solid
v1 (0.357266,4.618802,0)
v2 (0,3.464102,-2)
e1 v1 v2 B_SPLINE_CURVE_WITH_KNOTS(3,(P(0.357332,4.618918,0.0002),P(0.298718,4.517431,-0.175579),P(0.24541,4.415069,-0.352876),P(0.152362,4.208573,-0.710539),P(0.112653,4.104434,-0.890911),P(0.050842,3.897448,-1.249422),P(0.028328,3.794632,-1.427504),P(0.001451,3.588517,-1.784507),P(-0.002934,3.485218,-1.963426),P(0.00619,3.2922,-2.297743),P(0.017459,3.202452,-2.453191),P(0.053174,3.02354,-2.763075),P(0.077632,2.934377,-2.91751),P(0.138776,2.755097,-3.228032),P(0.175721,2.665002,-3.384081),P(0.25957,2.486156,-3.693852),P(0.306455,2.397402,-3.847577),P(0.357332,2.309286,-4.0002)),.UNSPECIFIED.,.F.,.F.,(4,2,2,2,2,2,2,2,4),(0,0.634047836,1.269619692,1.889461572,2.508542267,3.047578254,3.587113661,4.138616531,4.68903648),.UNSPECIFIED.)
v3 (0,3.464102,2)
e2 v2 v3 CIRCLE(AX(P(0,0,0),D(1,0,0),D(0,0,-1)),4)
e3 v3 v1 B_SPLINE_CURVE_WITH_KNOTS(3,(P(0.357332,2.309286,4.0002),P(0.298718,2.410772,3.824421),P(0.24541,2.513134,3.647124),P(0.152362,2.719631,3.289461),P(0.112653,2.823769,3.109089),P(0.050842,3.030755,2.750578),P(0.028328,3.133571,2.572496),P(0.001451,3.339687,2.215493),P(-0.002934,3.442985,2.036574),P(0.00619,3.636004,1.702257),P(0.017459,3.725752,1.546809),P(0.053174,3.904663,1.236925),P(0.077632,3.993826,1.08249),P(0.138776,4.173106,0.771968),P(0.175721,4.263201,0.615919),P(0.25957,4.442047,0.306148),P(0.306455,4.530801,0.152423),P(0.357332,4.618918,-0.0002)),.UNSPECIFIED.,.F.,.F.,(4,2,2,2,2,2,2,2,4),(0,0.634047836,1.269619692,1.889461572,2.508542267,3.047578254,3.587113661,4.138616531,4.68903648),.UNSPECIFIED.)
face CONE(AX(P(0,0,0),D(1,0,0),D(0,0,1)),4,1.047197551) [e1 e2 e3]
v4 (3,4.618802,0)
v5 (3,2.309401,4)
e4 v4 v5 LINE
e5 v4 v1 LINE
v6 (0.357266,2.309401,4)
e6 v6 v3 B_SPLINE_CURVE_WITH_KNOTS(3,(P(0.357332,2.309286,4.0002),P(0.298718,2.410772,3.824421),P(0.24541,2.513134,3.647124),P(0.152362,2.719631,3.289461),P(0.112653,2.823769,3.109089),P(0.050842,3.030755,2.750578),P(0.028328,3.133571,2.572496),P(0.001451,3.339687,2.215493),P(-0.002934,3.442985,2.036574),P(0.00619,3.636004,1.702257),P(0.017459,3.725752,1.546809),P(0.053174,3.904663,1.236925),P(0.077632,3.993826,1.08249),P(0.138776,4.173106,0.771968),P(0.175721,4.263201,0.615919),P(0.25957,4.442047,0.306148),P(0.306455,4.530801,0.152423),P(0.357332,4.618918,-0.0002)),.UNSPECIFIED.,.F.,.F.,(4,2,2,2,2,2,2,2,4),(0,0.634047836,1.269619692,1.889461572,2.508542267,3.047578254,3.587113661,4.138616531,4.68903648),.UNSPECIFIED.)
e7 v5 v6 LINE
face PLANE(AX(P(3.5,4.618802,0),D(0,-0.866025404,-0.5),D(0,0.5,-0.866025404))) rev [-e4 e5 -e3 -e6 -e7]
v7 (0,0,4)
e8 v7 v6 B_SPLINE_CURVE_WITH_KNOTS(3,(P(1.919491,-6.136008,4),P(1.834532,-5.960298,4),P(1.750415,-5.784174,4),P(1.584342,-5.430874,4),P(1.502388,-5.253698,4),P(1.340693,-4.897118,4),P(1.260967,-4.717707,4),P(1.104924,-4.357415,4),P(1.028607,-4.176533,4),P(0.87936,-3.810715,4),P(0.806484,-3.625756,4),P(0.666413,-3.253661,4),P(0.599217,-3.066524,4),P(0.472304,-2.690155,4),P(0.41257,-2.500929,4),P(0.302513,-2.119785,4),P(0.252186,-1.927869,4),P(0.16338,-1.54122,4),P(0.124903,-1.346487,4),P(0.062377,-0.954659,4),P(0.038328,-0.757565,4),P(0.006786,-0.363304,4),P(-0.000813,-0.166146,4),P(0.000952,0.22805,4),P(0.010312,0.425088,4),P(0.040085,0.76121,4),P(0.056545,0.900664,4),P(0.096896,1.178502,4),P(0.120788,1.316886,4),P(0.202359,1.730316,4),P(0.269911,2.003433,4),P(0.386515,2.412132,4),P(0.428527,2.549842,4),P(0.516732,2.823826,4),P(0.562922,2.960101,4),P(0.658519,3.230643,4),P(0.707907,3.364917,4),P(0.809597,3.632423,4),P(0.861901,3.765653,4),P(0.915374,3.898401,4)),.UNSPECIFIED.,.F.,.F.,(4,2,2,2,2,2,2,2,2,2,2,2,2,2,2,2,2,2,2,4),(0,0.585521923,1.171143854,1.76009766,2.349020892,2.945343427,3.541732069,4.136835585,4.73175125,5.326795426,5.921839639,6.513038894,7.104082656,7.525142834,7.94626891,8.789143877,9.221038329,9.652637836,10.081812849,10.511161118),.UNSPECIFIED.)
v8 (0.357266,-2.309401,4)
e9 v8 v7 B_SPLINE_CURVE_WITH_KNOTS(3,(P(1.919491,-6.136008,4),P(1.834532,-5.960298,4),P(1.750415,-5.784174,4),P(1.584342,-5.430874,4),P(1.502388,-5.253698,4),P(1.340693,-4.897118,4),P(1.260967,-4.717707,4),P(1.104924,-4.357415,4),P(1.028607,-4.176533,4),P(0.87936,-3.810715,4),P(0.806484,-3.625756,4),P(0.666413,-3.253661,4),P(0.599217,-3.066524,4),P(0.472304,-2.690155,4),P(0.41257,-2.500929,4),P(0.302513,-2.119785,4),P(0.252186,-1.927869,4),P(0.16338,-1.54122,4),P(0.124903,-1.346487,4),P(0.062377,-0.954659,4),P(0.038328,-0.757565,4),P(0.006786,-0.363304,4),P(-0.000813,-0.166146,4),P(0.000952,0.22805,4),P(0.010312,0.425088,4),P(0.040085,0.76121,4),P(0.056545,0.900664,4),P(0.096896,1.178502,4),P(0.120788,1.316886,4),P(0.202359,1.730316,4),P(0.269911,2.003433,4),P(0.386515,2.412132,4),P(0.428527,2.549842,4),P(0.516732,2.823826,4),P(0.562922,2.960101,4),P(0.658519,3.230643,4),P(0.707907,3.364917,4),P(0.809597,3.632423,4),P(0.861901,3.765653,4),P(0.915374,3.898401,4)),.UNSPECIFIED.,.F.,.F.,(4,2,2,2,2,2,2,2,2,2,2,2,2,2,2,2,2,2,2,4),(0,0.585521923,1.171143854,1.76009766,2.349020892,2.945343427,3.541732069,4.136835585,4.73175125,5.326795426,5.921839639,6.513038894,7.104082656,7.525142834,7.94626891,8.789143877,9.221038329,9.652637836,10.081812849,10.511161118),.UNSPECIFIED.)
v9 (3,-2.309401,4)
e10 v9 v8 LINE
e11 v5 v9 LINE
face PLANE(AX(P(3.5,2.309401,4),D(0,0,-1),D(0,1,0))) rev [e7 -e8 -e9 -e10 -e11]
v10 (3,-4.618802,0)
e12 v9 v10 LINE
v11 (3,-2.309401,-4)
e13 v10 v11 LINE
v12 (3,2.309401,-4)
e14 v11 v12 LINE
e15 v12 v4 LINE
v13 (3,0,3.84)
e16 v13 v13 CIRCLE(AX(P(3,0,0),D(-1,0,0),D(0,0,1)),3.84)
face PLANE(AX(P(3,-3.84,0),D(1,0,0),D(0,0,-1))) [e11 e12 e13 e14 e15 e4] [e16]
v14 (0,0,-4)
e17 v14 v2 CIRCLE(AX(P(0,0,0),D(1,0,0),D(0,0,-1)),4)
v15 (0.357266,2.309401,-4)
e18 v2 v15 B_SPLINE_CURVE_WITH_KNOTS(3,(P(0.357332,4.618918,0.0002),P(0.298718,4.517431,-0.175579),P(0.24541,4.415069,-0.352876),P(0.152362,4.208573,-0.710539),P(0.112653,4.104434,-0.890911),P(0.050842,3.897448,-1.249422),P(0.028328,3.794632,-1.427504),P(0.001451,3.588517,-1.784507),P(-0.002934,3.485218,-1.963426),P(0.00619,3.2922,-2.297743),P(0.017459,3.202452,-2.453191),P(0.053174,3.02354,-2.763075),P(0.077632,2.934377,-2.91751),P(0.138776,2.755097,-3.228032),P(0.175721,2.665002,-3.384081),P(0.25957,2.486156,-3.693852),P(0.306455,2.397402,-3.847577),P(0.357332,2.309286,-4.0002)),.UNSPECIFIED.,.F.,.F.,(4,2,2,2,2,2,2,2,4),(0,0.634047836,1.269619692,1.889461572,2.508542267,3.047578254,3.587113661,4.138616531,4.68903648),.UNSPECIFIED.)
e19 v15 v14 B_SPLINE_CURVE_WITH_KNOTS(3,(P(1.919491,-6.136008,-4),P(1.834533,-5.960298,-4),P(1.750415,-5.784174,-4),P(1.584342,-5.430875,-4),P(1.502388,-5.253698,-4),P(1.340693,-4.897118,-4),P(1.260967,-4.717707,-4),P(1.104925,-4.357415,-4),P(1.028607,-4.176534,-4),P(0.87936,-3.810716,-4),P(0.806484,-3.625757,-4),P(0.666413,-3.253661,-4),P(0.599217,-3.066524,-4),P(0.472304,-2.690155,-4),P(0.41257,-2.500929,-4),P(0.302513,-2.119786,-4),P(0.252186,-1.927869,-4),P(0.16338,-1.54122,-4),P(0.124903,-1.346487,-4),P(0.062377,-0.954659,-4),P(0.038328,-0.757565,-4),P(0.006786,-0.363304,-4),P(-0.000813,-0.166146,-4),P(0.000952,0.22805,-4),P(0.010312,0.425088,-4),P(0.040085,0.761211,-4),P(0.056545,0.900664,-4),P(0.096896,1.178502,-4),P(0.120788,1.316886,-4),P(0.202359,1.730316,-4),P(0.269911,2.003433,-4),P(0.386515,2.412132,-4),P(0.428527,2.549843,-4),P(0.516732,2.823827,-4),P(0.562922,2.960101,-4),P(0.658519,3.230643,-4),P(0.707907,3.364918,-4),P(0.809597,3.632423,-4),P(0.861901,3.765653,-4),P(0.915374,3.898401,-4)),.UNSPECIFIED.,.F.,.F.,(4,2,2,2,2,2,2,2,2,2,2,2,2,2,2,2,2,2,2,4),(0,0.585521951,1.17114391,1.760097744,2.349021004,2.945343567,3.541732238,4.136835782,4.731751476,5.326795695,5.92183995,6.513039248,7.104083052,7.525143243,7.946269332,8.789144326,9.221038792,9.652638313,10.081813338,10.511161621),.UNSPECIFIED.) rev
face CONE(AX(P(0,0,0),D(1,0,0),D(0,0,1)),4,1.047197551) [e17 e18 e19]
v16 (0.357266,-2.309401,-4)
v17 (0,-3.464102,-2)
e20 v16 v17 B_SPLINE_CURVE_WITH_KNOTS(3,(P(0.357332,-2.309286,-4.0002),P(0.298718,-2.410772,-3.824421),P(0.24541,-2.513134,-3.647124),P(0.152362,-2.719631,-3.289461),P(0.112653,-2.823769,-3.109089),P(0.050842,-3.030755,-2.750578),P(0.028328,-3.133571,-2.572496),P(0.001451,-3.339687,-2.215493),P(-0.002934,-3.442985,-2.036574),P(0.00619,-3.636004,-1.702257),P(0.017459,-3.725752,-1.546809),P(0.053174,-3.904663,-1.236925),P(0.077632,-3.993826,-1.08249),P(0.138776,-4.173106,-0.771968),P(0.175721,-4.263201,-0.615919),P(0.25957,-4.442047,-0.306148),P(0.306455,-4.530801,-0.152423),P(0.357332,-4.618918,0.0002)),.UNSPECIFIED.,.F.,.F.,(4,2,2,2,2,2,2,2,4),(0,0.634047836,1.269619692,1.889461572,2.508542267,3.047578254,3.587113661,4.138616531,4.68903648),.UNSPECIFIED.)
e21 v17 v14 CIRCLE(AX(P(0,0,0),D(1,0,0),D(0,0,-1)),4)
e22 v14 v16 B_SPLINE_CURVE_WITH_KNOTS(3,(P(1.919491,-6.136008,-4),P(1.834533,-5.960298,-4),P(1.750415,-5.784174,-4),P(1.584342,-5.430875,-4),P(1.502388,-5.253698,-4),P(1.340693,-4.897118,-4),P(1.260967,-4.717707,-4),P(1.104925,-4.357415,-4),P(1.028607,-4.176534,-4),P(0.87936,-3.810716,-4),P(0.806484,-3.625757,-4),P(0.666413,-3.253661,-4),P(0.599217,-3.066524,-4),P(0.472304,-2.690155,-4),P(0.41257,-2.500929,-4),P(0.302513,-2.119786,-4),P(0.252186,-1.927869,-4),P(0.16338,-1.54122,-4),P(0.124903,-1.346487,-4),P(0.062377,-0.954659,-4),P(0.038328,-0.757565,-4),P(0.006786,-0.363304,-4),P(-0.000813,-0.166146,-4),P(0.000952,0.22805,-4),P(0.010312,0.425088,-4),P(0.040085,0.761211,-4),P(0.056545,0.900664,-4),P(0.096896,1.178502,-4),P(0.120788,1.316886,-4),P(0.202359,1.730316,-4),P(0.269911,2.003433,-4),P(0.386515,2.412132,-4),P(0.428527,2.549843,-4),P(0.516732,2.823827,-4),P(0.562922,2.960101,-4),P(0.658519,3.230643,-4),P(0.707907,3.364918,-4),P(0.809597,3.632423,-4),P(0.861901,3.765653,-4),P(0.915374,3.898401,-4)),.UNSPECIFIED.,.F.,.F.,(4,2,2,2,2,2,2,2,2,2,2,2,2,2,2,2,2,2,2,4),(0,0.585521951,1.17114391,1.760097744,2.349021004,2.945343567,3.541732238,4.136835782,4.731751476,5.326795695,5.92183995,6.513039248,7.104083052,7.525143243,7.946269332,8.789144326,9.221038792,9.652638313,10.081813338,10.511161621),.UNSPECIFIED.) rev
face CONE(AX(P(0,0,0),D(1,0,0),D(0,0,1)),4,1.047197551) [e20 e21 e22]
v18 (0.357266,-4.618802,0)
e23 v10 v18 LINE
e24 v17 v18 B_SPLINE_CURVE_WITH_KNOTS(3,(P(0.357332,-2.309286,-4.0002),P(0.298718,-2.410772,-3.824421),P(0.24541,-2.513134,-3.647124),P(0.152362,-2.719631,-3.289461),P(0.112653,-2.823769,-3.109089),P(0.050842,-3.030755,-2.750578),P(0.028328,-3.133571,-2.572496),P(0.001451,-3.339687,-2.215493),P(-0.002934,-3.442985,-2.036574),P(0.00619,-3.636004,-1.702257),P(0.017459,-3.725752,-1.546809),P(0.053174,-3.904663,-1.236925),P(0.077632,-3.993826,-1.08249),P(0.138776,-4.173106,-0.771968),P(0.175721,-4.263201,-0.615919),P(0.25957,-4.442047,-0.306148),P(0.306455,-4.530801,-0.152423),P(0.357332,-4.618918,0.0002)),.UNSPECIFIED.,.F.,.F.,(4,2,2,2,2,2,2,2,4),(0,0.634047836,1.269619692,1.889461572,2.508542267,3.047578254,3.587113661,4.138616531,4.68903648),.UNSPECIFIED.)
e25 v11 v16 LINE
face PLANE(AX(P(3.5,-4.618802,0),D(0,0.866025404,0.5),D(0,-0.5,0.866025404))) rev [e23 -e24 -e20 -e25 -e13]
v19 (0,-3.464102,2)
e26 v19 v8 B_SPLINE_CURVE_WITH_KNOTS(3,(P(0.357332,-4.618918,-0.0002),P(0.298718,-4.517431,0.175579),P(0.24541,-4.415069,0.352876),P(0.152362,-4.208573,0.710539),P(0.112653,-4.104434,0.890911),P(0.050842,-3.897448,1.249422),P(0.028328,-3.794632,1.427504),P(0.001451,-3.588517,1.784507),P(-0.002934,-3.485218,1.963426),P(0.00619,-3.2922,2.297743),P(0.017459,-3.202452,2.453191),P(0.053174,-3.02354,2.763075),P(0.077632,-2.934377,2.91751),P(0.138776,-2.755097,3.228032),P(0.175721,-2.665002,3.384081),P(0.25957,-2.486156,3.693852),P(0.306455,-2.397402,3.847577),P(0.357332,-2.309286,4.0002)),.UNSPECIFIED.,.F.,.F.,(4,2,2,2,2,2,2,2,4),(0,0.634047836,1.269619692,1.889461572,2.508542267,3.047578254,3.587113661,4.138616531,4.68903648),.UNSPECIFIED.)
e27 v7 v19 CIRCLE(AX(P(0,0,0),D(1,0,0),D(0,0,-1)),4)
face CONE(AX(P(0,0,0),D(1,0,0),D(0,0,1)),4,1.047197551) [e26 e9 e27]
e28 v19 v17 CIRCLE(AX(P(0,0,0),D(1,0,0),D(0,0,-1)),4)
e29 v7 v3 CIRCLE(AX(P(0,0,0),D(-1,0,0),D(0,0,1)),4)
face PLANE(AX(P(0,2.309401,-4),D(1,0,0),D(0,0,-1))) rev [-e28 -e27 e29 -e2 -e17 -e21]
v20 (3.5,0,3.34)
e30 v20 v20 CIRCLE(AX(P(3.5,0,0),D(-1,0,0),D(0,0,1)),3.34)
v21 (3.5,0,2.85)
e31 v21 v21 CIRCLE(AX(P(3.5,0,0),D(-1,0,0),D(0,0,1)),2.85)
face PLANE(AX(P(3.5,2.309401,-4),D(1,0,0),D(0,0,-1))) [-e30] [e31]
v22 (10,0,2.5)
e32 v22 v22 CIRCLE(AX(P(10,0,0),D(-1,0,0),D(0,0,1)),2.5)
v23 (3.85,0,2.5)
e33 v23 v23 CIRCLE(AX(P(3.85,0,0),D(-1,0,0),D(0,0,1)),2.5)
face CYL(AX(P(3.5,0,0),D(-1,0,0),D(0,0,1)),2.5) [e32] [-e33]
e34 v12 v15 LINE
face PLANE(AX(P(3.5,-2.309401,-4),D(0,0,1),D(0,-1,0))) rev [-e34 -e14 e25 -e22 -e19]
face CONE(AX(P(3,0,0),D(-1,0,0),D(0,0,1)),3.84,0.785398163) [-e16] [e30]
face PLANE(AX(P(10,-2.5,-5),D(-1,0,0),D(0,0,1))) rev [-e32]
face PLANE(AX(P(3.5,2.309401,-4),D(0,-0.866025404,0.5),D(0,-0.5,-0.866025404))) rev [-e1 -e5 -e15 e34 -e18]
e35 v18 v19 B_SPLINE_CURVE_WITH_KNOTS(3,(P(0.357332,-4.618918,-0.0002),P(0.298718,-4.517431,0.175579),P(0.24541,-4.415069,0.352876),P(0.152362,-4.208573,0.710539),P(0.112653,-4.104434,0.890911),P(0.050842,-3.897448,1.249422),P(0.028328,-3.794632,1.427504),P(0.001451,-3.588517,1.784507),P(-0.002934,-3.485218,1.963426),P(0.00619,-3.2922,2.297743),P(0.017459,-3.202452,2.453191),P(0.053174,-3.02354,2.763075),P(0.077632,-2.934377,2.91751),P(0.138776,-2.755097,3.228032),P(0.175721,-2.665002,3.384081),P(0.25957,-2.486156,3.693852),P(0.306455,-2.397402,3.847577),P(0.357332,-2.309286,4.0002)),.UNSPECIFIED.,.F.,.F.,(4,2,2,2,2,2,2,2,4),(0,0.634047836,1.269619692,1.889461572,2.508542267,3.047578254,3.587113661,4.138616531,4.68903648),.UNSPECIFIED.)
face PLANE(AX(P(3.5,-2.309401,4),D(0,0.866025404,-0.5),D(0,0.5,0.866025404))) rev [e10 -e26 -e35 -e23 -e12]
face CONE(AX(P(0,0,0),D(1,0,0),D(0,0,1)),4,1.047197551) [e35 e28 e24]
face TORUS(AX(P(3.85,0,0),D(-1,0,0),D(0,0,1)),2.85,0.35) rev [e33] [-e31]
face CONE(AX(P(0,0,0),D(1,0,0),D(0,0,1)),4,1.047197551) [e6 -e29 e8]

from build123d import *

# Parameters (mm, degrees)
EXTRUDE_1_DEPTH     = 3.5
SKETCH_4_R          = 8.79
SKETCH_4_R_2        = 4
CUT_EXTRUDE_1_DEPTH = 0.4375
CUT_EXTRUDE_1_DRAFT = -60
CHAMFER_2_SIZE      = 0.277777778
SKETCH_9_W          = 7
SKETCH_9_H          = 5
CUT_EXTRUDE_2_DEPTH = 5


with BuildPart() as part:
    # 草图3 → 凸台-拉伸1 (new body)
    with BuildSketch(Plane(origin=(0, 0, 0), x_dir=(0, 0, -1), z_dir=(1, 0, 0))):
        Polygon((4, 2.309401077), (0, 4.618802154), (-4, 2.309401077), (-4, -2.309401077), (0, -4.618802154), (4, -2.309401077), align=None)
    extrude(amount=EXTRUDE_1_DEPTH)


with BuildPart() as cut_extrude_1_tool:
    # 草图4 → 切除-拉伸1 (with draft: the straight prism first)
    with BuildSketch(Plane.ZY):
        Circle(SKETCH_4_R)
        Circle(SKETCH_4_R_2, mode=Mode.SUBTRACT)
    extrude(amount=-CUT_EXTRUDE_1_DEPTH)
    # 切除-拉伸1: the draft: its side faces are tilted about the plane it starts from
    cut_extrude_1_sides = [cut_extrude_1_tool.faces().sort_by_distance(p)[0] for p in [
        (0.21875, 0, -8.79),
        (0.21875, 0, -4),
    ]]
    draft(cut_extrude_1_sides, Plane.ZY, CUT_EXTRUDE_1_DRAFT)


with BuildPart() as part_1:
    add(part.part)

    # 切除-拉伸1: cut by cut_extrude_1_tool
    add(cut_extrude_1_tool.part, mode=Mode.SUBTRACT)

    # 草图5 → 旋转1 (revolve)
    with BuildSketch(Plane.XY, mode=Mode.PRIVATE) as revolve_1_sk:
        with BuildLine():
            Line((3.85, 2.5), (13.5, 2.5))
            Line((13.5, 2.5), (13.5, 0))
            Line((13.5, 0), (3.5, 0))
            Line((3.5, 0), (3.5, 2.85))
            ThreePointArc((3.5, 2.85), (3.602512627, 2.602512627), (3.85, 2.5))
        make_face()
    revolve(revolve_1_sk.sketch.rotate(Axis((3.5, 0, 0), (1, 0, 0)), 90), axis=Axis((3.5, 0, 0), (1, 0, 0)))

    # 倒角2
    chamfer_2_edges = [part_1.edges().sort_by_distance(p)[0] for p in [
        (13.5, 0, -2.5),
    ]]
    chamfer(chamfer_2_edges, length=CHAMFER_2_SIZE)

    # 草图7 → 切除-旋转1 (revolve, cut)
    with BuildSketch(Plane.XY, mode=Mode.PRIVATE) as cut_revolve_1_sk:
        Polygon((3.5, 3.34), (3, 3.84), (3, 8.79), (3.5, 8.79), align=None)
    revolve(cut_revolve_1_sk.sketch.rotate(Axis((0, 0, 0), (1, 0, 0)), 90), axis=Axis((0, 0, 0), (1, 0, 0)), mode=Mode.SUBTRACT)

    # 草图9 → 切除-拉伸2 (cut, symmetric)
    with BuildSketch(Plane.XY):
        with Locations((13.5, 0)):
            Rectangle(SKETCH_9_W, SKETCH_9_H)
    extrude(amount=CUT_EXTRUDE_2_DEPTH, both=True, mode=Mode.SUBTRACT)


solid = part_1.part
